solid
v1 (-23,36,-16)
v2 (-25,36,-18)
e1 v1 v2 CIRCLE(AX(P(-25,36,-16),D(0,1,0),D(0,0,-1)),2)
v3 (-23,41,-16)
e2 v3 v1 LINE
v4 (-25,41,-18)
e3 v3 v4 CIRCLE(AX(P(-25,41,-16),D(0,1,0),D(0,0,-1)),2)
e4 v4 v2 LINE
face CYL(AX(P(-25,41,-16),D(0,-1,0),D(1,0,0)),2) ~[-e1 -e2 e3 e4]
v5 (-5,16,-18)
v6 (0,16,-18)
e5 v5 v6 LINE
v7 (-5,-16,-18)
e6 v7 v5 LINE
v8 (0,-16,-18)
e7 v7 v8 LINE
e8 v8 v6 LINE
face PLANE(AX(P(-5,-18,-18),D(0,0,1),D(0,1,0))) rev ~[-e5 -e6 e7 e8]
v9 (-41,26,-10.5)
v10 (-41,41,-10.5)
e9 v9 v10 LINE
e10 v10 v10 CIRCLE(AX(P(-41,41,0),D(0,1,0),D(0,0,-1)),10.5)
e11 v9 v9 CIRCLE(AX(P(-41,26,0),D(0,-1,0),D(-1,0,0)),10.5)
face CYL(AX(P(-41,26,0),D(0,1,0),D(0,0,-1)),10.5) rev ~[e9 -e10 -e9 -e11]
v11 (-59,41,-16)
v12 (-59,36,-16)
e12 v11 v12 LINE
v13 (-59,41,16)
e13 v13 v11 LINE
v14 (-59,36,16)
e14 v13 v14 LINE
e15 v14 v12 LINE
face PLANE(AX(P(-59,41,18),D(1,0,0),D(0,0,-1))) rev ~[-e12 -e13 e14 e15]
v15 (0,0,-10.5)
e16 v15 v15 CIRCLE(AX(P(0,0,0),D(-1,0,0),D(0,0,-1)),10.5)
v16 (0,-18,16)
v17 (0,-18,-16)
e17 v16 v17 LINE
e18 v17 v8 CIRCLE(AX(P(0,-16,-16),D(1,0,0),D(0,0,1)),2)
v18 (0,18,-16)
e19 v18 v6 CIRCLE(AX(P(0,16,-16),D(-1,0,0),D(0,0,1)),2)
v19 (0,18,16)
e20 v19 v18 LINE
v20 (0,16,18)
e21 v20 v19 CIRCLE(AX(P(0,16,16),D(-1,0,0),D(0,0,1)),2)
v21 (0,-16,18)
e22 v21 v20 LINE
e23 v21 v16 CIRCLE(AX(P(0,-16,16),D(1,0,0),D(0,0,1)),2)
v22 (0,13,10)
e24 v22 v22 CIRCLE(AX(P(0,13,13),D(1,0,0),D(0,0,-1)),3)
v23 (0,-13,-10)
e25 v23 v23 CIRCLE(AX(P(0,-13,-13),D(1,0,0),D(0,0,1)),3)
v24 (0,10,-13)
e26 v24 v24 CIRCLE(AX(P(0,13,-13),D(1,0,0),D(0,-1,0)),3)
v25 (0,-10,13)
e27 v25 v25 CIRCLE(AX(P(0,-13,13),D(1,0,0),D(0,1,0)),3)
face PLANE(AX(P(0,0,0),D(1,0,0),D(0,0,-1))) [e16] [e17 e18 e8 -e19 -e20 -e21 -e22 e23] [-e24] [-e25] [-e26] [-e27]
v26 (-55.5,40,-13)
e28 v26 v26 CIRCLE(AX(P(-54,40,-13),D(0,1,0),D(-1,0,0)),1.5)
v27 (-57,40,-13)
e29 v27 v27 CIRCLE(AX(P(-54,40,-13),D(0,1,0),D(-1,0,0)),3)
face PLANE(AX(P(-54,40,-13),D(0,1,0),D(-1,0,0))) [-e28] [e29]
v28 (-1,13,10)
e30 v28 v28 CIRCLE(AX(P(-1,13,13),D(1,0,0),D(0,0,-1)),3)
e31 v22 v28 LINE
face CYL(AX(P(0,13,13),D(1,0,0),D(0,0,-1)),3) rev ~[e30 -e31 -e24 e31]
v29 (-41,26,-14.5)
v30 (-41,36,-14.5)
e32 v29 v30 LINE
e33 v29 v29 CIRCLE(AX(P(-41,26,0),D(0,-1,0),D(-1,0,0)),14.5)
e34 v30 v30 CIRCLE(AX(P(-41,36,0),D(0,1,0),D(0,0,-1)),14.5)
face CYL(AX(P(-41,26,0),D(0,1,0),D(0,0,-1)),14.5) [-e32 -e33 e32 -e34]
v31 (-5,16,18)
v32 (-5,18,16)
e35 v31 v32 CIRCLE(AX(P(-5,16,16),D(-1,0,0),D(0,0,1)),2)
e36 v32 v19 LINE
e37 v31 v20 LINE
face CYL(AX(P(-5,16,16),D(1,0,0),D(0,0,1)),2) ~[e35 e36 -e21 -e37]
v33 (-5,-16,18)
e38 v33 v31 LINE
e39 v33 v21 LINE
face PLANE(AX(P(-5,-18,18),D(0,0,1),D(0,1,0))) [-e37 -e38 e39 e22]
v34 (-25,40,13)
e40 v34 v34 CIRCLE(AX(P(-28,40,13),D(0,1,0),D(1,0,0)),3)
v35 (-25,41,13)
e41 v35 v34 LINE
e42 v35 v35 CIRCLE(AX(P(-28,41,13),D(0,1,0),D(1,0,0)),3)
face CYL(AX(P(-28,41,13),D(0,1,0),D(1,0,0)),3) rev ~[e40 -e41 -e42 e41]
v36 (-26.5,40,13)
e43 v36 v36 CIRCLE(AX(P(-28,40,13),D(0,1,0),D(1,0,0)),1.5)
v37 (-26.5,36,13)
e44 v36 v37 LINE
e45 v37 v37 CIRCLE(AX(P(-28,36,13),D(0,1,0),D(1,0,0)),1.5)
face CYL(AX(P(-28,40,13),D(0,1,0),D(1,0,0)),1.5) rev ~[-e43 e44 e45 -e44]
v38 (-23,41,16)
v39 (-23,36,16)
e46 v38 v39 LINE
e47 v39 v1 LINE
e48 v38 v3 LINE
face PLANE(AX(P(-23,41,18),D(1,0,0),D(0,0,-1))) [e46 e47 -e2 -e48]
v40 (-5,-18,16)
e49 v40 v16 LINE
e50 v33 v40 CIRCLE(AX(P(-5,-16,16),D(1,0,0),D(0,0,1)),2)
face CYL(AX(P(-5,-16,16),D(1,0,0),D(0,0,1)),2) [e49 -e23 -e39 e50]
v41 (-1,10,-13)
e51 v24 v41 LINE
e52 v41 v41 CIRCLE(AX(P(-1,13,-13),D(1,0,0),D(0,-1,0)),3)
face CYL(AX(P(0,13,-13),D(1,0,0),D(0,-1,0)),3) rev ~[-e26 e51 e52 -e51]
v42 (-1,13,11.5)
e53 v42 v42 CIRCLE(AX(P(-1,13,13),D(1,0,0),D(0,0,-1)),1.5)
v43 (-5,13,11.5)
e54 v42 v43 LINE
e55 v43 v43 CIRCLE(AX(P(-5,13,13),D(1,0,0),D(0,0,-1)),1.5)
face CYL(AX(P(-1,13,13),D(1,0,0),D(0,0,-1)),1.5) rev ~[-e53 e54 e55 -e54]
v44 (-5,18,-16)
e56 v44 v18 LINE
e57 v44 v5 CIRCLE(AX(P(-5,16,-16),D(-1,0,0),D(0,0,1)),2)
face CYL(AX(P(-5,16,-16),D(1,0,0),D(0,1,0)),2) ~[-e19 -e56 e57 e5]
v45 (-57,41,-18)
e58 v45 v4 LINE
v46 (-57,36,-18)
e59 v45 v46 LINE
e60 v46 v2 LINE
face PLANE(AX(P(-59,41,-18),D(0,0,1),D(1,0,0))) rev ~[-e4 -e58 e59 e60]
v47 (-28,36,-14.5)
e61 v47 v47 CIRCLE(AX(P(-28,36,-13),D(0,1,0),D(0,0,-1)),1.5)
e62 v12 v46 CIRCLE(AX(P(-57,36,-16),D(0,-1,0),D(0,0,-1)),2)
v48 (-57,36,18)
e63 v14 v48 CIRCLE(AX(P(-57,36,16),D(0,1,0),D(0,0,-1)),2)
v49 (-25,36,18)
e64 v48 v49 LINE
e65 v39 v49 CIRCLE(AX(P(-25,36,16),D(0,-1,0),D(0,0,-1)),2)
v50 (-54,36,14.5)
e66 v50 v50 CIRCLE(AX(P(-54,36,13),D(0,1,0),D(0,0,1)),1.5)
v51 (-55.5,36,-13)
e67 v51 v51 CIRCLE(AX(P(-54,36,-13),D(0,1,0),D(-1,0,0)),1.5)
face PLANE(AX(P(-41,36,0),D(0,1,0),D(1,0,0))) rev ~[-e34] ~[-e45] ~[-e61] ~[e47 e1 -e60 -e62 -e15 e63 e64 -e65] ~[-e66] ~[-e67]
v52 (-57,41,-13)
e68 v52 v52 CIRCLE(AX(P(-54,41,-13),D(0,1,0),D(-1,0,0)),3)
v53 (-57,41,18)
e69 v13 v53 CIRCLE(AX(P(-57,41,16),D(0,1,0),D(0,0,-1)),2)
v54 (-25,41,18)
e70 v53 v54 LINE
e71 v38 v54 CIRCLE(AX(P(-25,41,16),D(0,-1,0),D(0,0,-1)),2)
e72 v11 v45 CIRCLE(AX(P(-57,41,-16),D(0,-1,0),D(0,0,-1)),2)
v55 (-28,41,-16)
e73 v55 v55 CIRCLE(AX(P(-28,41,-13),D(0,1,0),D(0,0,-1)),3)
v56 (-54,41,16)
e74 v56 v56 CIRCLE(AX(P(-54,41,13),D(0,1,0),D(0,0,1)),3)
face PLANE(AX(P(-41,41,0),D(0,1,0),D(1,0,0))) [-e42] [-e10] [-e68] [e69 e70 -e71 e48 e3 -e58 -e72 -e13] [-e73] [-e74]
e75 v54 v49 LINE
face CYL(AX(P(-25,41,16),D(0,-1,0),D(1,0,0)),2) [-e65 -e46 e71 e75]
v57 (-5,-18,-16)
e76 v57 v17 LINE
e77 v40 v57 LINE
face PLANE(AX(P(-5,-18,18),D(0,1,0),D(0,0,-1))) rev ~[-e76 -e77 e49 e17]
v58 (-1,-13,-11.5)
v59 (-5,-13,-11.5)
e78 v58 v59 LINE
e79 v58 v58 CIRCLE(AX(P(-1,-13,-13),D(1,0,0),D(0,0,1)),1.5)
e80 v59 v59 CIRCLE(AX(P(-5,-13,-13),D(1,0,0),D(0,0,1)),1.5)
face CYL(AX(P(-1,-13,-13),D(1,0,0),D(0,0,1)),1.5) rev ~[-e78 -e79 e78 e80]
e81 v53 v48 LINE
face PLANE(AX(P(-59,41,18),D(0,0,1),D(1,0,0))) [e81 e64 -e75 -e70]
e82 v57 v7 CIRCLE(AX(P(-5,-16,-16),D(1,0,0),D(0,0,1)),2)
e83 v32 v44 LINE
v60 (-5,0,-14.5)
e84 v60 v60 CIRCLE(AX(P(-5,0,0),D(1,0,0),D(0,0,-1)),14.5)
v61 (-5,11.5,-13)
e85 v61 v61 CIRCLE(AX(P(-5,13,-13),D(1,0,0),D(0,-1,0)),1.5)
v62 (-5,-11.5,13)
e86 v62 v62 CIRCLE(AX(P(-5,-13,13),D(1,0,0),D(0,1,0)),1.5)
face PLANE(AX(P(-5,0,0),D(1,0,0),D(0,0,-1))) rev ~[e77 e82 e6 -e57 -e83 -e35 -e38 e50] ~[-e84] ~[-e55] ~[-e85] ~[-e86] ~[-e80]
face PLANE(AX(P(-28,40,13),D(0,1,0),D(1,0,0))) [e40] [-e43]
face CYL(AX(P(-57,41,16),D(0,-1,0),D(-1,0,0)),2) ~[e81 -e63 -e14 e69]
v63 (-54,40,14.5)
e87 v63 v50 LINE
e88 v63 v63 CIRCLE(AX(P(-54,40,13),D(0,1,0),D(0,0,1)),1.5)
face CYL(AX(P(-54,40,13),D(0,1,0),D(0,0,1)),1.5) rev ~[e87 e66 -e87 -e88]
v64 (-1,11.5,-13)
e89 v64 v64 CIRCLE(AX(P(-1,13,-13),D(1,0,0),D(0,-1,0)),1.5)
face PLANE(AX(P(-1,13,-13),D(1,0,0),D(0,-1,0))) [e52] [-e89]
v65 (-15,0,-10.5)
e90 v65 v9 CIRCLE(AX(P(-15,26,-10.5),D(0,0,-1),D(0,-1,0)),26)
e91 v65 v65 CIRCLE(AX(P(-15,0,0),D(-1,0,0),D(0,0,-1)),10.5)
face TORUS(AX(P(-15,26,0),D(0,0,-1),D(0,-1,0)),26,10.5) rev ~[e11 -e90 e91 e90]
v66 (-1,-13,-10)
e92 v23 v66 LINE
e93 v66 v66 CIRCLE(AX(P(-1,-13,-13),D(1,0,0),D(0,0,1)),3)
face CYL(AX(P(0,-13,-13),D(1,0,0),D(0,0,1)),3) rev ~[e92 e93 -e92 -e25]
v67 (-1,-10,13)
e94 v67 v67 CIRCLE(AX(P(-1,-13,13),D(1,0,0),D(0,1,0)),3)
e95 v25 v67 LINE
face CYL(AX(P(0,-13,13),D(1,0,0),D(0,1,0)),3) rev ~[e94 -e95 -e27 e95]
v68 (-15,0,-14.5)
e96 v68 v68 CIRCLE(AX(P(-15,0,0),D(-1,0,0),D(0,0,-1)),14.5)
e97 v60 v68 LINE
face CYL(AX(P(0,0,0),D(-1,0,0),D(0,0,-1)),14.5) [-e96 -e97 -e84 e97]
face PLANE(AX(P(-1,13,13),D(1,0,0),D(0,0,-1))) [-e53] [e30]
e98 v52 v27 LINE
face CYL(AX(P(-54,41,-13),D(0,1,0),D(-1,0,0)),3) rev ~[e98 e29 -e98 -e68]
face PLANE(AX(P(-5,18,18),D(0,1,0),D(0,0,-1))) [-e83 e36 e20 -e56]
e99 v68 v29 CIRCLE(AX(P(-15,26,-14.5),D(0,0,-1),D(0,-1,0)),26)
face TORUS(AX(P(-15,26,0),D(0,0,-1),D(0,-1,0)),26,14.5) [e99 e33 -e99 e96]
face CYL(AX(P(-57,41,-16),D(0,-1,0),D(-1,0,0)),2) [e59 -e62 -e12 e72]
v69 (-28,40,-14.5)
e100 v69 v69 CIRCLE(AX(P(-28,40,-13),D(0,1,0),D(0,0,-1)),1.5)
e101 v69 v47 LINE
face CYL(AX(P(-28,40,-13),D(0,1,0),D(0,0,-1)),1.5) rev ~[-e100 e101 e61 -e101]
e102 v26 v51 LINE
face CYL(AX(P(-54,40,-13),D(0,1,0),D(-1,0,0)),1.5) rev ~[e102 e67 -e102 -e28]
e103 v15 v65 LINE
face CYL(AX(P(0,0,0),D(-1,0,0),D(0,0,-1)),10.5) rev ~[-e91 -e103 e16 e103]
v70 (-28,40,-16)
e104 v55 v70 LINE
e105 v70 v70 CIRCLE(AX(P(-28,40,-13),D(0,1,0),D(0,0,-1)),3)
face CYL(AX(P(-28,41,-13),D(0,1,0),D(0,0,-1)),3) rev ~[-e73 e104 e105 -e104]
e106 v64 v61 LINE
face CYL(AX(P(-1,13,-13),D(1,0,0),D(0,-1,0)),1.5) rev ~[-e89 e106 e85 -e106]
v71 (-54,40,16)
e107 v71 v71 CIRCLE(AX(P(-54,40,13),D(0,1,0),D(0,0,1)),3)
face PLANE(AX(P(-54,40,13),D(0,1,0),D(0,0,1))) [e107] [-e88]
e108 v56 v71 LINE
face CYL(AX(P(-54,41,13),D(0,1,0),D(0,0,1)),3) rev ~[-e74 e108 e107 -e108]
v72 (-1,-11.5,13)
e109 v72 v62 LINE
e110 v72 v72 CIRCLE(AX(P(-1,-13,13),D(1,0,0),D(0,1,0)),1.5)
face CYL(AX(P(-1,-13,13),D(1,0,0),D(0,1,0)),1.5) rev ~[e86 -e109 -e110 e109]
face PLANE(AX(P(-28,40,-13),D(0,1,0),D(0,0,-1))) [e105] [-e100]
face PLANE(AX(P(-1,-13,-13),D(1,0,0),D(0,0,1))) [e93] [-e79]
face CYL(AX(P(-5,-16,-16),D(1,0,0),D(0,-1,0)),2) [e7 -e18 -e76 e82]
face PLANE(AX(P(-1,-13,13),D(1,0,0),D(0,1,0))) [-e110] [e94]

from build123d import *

# Parameters (mm, degrees)
SKETCH2_R           = 14.5
SKETCH2_R_2         = 10.5
BOSS_EXTRUDE2_START = -5
SKETCH9_W           = 36
SKETCH9_H           = 36
SKETCH9_R           = 14.5
BOSS_EXTRUDE2_DEPTH = 5
FILLET1_R           = 2
FILLET2_R           = 2
SKETCH10_R          = 3
CUT_EXTRUDE1_DEPTH  = 1
CUT_EXTRUDE2_REACH  = 72.535
SKETCH13_R          = 1.5
CIRPATTERN1_COUNT   = 4
SKETCH15_W          = 36
SKETCH15_H          = 36
SKETCH15_R          = 14.5
BOSS_EXTRUDE6_DEPTH = 5
FILLET3_R           = 2
SKETCH16_R          = 3
CUT_EXTRUDE4_DEPTH  = 1
CUT_EXTRUDE5_REACH  = 86.67
SKETCH17_R          = 1.5
CIRPATTERN2_COUNT   = 4


with BuildPart() as part:
    # Sweep-Thin3: sweep along a path in Sketch1
    with BuildLine(Plane.XY) as sweep_thin3_path:
        Line((0, 0), (-15, 0))
        ThreePointArc((-15, 0), (-33.384776311, 7.615223689), (-41, 26))
        Line((-41, 26), (-41, 41))
    # Sketch2 → Sweep-Thin3 (sweep)
    with BuildSketch(Plane(origin=(0, 0, 0), x_dir=(0, 0, -1), z_dir=(1, 0, 0))):
        Circle(SKETCH2_R)
        Circle(SKETCH2_R_2, mode=Mode.SUBTRACT)
    sweep(path=sweep_thin3_path.line)

    # Sketch9 → Boss-Extrude2 (add)
    with BuildSketch(Plane(origin=(0, 0, 0), x_dir=(0, 0, -1), z_dir=(1, 0, 0)).offset(BOSS_EXTRUDE2_START)):
        Rectangle(SKETCH9_W, SKETCH9_H)
        with Locations(Location((0, 0, 0), (0, 0, 270))):
            Circle(SKETCH9_R, mode=Mode.SUBTRACT)
    extrude(amount=BOSS_EXTRUDE2_DEPTH)

    # Fillet1
    fillet1_edges = [part.edges().sort_by_distance(p)[0] for p in [
        (-2.5, 18, 18),
    ]]
    fillet(fillet1_edges, radius=FILLET1_R)

    # Fillet2
    fillet2_edges = [part.edges().sort_by_distance(p)[0] for p in [
        (-2.5, 18, -18),
        (-2.5, -18, -18),
        (-2.5, -18, 18),
    ]]
    fillet(fillet2_edges, radius=FILLET2_R)

    # Sketch10 → Cut-Extrude1 (cut)
    with BuildSketch(Plane(origin=(0, 0, 0), x_dir=(0, 0, -1), z_dir=(1, 0, 0))):
        with Locations((-13, 13)):
            Circle(SKETCH10_R)
    cut_extrude1 = extrude(amount=-CUT_EXTRUDE1_DEPTH, mode=Mode.SUBTRACT)

    # Sketch13 → Cut-Extrude2 (cut, up to next)
    with BuildSketch(Plane(origin=(-1, 0, 0), x_dir=(0, 0, -1), z_dir=(1, 0, 0)), mode=Mode.PRIVATE) as cut_extrude2_sk1:
        with Locations((-13, 13)):
            Circle(SKETCH13_R)
    cut_extrude2_tool1 = extrude(cut_extrude2_sk1.sketch, amount=-CUT_EXTRUDE2_REACH, mode=Mode.PRIVATE) & part.part
    cut_extrude2 = cut_extrude2_tool1.solids().sort_by_distance((-1, 13, 13))[0]
    add(cut_extrude2, mode=Mode.SUBTRACT)

    # CirPattern1: Cut-Extrude1, Cut-Extrude2 ×4 about axis
    cirpattern1_axis = Axis((0, 0, 0), (1, 0, 0))
    add([cut_extrude1.rotate(cirpattern1_axis, i * 360 / CIRPATTERN1_COUNT) for i in range(1, CIRPATTERN1_COUNT)], mode=Mode.SUBTRACT)
    add([cut_extrude2.rotate(cirpattern1_axis, i * 360 / CIRPATTERN1_COUNT) for i in range(1, CIRPATTERN1_COUNT)], mode=Mode.SUBTRACT)

    # Sketch15 → Boss-Extrude6 (add)
    with BuildSketch(Plane(origin=(0, 41, 0), x_dir=(1, 0, 0), z_dir=(0, 1, 0))):
        with Locations((-41, 0)):
            Rectangle(SKETCH15_W, SKETCH15_H)
        with Locations(Location((-41, 0, 0), (0, 0, 180))):
            Circle(SKETCH15_R, mode=Mode.SUBTRACT)
    extrude(amount=-BOSS_EXTRUDE6_DEPTH)

    # Fillet3
    fillet3_edges = [part.edges().sort_by_distance(p)[0] for p in [
        (-23, 38.5, -18),
        (-23, 38.5, 18),
        (-59, 38.5, 18),
        (-59, 38.5, -18),
    ]]
    fillet(fillet3_edges, radius=FILLET3_R)

    # Sketch16 → Cut-Extrude4 (cut)
    with BuildSketch(Plane(origin=(0, 41, 0), x_dir=(1, 0, 0), z_dir=(0, 1, 0))):
        with Locations(Location((-54, 13, 0), (0, 0, 180))):
            Circle(SKETCH16_R)
    cut_extrude4 = extrude(amount=-CUT_EXTRUDE4_DEPTH, mode=Mode.SUBTRACT)

    # Sketch17 → Cut-Extrude5 (cut, up to next)
    with BuildSketch(Plane(origin=(0, 40, 0), x_dir=(1, 0, 0), z_dir=(0, 1, 0)), mode=Mode.PRIVATE) as cut_extrude5_sk1:
        with Locations(Location((-54, 13, 0), (0, 0, 180))):
            Circle(SKETCH17_R)
    cut_extrude5_tool1 = extrude(cut_extrude5_sk1.sketch, amount=-CUT_EXTRUDE5_REACH, mode=Mode.PRIVATE) & part.part
    cut_extrude5 = cut_extrude5_tool1.solids().sort_by_distance((-54, 40, -13))[0]
    add(cut_extrude5, mode=Mode.SUBTRACT)

    # CirPattern2: Cut-Extrude4, Cut-Extrude5 ×4 about axis
    cirpattern2_axis = Axis((-41, 0, 0), (0, 1, 0))
    add([cut_extrude4.rotate(cirpattern2_axis, i * 360 / CIRPATTERN2_COUNT) for i in range(1, CIRPATTERN2_COUNT)], mode=Mode.SUBTRACT)
    add([cut_extrude5.rotate(cirpattern2_axis, i * 360 / CIRPATTERN2_COUNT) for i in range(1, CIRPATTERN2_COUNT)], mode=Mode.SUBTRACT)


solid = part.part
